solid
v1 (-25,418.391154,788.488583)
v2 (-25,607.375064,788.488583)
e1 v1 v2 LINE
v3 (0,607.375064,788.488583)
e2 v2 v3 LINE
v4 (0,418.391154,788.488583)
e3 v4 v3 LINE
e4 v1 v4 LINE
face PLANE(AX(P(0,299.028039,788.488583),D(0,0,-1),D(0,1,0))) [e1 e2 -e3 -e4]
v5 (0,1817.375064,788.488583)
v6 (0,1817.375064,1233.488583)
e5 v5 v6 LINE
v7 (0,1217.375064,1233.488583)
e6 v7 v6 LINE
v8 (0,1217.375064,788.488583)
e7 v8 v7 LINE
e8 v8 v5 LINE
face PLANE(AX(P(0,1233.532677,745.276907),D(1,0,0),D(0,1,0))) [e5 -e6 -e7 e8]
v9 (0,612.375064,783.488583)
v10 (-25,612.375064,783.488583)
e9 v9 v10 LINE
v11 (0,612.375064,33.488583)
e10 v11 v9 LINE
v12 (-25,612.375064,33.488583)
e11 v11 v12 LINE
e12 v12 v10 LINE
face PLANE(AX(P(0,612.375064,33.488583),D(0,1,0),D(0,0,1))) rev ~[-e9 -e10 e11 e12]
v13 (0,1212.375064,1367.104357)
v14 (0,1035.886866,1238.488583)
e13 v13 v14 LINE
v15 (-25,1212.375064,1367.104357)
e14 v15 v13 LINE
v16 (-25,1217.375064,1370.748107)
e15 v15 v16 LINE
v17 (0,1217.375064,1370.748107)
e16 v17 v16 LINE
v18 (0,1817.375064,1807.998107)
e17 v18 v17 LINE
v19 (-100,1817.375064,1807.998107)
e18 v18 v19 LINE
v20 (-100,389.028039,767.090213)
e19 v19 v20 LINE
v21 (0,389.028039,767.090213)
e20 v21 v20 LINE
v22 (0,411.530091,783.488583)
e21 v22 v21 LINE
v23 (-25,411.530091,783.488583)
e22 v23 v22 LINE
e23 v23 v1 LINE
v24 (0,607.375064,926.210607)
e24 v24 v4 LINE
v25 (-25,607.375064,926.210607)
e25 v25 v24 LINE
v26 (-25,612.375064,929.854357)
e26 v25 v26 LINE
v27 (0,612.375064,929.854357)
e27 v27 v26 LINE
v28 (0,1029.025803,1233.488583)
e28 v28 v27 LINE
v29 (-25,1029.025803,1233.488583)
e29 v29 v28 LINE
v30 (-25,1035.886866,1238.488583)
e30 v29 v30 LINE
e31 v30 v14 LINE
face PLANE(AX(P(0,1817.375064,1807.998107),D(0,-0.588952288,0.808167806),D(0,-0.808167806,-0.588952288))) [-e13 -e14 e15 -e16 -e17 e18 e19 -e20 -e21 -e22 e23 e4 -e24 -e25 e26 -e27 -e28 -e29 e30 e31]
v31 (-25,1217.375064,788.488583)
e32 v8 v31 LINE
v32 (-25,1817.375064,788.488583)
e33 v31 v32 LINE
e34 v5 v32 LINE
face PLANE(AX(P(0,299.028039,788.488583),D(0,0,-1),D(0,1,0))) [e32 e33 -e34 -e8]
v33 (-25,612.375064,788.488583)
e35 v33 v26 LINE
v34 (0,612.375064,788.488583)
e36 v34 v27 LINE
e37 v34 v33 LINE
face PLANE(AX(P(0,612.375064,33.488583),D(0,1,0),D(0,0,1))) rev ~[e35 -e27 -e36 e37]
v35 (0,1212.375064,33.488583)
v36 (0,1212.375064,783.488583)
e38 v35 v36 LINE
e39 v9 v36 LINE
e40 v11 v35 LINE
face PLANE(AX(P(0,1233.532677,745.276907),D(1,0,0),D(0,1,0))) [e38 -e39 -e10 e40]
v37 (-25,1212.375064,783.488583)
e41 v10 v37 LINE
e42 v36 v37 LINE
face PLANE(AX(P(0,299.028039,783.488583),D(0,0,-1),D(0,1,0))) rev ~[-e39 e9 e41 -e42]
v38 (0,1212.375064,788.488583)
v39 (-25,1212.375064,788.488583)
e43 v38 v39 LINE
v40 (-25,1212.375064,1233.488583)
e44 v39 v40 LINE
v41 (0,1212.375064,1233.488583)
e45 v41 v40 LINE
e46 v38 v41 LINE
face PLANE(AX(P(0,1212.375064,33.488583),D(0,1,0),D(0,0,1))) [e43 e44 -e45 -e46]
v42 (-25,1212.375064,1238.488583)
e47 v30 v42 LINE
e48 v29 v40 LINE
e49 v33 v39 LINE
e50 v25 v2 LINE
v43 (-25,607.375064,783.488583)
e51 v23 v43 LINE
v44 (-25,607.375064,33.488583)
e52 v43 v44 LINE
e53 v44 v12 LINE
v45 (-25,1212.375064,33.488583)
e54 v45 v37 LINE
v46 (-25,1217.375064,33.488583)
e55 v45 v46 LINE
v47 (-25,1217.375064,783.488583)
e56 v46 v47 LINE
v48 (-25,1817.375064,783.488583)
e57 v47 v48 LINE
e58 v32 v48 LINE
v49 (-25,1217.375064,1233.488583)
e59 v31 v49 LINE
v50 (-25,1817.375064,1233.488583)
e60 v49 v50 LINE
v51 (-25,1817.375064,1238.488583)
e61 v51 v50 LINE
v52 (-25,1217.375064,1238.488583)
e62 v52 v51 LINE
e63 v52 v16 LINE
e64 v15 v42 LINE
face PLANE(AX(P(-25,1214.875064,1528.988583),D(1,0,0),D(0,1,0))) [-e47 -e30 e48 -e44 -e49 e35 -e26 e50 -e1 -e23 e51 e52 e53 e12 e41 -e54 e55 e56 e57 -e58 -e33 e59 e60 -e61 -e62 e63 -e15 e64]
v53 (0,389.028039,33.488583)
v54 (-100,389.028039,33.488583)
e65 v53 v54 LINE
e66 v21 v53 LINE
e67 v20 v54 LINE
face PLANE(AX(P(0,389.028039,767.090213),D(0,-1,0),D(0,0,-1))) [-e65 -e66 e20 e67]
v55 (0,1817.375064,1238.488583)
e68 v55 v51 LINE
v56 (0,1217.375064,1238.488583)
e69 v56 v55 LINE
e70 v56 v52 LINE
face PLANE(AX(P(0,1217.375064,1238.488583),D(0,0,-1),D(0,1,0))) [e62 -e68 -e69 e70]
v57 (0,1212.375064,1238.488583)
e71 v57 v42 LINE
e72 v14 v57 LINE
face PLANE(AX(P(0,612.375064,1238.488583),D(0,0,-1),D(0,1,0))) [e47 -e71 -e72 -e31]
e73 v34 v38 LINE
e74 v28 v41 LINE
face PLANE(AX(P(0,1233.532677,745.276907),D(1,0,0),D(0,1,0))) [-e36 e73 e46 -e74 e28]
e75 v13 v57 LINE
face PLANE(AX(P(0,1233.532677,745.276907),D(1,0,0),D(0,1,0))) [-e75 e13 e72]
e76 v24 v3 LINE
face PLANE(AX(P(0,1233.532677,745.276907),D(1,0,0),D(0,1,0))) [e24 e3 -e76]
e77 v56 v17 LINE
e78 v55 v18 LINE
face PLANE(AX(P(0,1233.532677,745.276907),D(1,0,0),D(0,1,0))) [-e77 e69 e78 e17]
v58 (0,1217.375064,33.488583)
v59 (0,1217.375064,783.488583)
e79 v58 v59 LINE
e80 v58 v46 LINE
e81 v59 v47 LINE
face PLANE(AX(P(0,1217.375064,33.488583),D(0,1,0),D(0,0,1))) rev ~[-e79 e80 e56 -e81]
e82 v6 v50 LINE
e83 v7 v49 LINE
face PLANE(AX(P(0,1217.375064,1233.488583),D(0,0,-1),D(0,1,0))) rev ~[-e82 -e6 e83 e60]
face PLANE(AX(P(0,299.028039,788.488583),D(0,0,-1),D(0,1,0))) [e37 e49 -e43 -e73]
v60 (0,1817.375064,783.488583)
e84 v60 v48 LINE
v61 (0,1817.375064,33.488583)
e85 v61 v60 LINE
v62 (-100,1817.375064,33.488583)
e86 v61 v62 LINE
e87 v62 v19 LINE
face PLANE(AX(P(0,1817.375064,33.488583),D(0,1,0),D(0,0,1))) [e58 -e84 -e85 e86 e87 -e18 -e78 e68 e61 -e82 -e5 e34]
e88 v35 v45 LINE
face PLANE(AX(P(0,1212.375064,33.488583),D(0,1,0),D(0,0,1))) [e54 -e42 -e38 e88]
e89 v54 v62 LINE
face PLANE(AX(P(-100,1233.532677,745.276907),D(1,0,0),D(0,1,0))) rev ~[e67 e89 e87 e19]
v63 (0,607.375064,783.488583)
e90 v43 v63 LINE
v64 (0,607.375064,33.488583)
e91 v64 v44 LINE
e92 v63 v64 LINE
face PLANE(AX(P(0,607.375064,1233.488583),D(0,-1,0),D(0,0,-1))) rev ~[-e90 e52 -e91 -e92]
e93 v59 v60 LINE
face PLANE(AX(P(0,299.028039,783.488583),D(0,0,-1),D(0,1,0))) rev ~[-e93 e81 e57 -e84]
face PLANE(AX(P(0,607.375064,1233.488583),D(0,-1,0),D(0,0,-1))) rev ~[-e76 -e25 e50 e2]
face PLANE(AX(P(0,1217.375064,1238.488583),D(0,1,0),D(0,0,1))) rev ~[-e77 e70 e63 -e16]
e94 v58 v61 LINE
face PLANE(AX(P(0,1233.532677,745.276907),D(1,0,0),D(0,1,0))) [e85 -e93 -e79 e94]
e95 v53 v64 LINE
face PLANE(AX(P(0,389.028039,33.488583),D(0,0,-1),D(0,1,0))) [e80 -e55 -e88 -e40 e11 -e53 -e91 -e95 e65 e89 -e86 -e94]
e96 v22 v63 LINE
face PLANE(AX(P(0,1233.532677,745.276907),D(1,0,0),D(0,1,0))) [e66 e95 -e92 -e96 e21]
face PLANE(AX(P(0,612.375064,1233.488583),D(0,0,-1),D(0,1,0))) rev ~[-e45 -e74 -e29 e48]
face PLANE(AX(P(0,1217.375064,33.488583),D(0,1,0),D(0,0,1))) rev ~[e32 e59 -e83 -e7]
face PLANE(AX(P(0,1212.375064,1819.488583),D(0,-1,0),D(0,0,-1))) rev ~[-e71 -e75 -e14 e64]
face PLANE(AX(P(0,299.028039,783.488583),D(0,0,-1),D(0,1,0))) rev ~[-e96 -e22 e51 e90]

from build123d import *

# Parameters (mm, degrees)
F1_DEPTH = 100
F2_W     = 5
F2_H     = 581
F2_W_2   = 1636.7888212204
F2_H_2   = 5
F2_W_3   = 600
F2_H_3   = 1200
F2_W_4   = 607.3750638962
F3_DEPTH = 25
F4_W     = 2650
F4_H     = 5
F5_DEPTH = 25


with BuildPart() as f1:
    # F0 (on Right) → F1 (new body)
    with BuildSketch(Plane.YZ):
        Polygon((389.0280389786, 767.0902125925), (389.0280389786, 33.4885828197), (1817.3750638962, 33.4885828197), (1817.3750638962, 1807.9981070012), align=None)
    extrude(amount=-F1_DEPTH)

    # F2 (on Right) → F3 (cut)
    with BuildSketch(Plane.YZ):
        with Locations((1214.8750638962, 1528.9885828197)):
            Rectangle(F2_W, F2_H)
        with Locations((2035.7694745064, 1235.9885828197)):
            Rectangle(F2_W_2, F2_H_2)
        with Locations((1214.8750638962, 1235.9885828197)):
            Rectangle(F2_W, F2_H_2)
        with Locations((912.3750638962, 1235.9885828197)):
            Rectangle(F2_W_3, F2_H_2)
        with Locations((1214.8750638962, 633.4885828197)):
            Rectangle(F2_W, F2_H_3)
        with Locations((609.8750638962, 1528.9885828197)):
            Rectangle(F2_W, F2_H)
        with Locations((609.8750638962, 1235.9885828197)):
            Rectangle(F2_W, F2_H_2)
        with Locations((609.8750638962, 633.4885828197)):
            Rectangle(F2_W, F2_H_3)
        with Locations((303.6875319481, 1235.9885828197)):
            Rectangle(F2_W_4, F2_H_2)
    extrude(amount=-F3_DEPTH, mode=Mode.SUBTRACT)

    # F4 (on face) → F5 (cut)
    with BuildSketch(Plane.YZ):
        with Locations((1624.0280389786, 785.9885828197)):
            Rectangle(F4_W, F4_H)
    extrude(amount=-F5_DEPTH, mode=Mode.SUBTRACT)


solid = f1.part
